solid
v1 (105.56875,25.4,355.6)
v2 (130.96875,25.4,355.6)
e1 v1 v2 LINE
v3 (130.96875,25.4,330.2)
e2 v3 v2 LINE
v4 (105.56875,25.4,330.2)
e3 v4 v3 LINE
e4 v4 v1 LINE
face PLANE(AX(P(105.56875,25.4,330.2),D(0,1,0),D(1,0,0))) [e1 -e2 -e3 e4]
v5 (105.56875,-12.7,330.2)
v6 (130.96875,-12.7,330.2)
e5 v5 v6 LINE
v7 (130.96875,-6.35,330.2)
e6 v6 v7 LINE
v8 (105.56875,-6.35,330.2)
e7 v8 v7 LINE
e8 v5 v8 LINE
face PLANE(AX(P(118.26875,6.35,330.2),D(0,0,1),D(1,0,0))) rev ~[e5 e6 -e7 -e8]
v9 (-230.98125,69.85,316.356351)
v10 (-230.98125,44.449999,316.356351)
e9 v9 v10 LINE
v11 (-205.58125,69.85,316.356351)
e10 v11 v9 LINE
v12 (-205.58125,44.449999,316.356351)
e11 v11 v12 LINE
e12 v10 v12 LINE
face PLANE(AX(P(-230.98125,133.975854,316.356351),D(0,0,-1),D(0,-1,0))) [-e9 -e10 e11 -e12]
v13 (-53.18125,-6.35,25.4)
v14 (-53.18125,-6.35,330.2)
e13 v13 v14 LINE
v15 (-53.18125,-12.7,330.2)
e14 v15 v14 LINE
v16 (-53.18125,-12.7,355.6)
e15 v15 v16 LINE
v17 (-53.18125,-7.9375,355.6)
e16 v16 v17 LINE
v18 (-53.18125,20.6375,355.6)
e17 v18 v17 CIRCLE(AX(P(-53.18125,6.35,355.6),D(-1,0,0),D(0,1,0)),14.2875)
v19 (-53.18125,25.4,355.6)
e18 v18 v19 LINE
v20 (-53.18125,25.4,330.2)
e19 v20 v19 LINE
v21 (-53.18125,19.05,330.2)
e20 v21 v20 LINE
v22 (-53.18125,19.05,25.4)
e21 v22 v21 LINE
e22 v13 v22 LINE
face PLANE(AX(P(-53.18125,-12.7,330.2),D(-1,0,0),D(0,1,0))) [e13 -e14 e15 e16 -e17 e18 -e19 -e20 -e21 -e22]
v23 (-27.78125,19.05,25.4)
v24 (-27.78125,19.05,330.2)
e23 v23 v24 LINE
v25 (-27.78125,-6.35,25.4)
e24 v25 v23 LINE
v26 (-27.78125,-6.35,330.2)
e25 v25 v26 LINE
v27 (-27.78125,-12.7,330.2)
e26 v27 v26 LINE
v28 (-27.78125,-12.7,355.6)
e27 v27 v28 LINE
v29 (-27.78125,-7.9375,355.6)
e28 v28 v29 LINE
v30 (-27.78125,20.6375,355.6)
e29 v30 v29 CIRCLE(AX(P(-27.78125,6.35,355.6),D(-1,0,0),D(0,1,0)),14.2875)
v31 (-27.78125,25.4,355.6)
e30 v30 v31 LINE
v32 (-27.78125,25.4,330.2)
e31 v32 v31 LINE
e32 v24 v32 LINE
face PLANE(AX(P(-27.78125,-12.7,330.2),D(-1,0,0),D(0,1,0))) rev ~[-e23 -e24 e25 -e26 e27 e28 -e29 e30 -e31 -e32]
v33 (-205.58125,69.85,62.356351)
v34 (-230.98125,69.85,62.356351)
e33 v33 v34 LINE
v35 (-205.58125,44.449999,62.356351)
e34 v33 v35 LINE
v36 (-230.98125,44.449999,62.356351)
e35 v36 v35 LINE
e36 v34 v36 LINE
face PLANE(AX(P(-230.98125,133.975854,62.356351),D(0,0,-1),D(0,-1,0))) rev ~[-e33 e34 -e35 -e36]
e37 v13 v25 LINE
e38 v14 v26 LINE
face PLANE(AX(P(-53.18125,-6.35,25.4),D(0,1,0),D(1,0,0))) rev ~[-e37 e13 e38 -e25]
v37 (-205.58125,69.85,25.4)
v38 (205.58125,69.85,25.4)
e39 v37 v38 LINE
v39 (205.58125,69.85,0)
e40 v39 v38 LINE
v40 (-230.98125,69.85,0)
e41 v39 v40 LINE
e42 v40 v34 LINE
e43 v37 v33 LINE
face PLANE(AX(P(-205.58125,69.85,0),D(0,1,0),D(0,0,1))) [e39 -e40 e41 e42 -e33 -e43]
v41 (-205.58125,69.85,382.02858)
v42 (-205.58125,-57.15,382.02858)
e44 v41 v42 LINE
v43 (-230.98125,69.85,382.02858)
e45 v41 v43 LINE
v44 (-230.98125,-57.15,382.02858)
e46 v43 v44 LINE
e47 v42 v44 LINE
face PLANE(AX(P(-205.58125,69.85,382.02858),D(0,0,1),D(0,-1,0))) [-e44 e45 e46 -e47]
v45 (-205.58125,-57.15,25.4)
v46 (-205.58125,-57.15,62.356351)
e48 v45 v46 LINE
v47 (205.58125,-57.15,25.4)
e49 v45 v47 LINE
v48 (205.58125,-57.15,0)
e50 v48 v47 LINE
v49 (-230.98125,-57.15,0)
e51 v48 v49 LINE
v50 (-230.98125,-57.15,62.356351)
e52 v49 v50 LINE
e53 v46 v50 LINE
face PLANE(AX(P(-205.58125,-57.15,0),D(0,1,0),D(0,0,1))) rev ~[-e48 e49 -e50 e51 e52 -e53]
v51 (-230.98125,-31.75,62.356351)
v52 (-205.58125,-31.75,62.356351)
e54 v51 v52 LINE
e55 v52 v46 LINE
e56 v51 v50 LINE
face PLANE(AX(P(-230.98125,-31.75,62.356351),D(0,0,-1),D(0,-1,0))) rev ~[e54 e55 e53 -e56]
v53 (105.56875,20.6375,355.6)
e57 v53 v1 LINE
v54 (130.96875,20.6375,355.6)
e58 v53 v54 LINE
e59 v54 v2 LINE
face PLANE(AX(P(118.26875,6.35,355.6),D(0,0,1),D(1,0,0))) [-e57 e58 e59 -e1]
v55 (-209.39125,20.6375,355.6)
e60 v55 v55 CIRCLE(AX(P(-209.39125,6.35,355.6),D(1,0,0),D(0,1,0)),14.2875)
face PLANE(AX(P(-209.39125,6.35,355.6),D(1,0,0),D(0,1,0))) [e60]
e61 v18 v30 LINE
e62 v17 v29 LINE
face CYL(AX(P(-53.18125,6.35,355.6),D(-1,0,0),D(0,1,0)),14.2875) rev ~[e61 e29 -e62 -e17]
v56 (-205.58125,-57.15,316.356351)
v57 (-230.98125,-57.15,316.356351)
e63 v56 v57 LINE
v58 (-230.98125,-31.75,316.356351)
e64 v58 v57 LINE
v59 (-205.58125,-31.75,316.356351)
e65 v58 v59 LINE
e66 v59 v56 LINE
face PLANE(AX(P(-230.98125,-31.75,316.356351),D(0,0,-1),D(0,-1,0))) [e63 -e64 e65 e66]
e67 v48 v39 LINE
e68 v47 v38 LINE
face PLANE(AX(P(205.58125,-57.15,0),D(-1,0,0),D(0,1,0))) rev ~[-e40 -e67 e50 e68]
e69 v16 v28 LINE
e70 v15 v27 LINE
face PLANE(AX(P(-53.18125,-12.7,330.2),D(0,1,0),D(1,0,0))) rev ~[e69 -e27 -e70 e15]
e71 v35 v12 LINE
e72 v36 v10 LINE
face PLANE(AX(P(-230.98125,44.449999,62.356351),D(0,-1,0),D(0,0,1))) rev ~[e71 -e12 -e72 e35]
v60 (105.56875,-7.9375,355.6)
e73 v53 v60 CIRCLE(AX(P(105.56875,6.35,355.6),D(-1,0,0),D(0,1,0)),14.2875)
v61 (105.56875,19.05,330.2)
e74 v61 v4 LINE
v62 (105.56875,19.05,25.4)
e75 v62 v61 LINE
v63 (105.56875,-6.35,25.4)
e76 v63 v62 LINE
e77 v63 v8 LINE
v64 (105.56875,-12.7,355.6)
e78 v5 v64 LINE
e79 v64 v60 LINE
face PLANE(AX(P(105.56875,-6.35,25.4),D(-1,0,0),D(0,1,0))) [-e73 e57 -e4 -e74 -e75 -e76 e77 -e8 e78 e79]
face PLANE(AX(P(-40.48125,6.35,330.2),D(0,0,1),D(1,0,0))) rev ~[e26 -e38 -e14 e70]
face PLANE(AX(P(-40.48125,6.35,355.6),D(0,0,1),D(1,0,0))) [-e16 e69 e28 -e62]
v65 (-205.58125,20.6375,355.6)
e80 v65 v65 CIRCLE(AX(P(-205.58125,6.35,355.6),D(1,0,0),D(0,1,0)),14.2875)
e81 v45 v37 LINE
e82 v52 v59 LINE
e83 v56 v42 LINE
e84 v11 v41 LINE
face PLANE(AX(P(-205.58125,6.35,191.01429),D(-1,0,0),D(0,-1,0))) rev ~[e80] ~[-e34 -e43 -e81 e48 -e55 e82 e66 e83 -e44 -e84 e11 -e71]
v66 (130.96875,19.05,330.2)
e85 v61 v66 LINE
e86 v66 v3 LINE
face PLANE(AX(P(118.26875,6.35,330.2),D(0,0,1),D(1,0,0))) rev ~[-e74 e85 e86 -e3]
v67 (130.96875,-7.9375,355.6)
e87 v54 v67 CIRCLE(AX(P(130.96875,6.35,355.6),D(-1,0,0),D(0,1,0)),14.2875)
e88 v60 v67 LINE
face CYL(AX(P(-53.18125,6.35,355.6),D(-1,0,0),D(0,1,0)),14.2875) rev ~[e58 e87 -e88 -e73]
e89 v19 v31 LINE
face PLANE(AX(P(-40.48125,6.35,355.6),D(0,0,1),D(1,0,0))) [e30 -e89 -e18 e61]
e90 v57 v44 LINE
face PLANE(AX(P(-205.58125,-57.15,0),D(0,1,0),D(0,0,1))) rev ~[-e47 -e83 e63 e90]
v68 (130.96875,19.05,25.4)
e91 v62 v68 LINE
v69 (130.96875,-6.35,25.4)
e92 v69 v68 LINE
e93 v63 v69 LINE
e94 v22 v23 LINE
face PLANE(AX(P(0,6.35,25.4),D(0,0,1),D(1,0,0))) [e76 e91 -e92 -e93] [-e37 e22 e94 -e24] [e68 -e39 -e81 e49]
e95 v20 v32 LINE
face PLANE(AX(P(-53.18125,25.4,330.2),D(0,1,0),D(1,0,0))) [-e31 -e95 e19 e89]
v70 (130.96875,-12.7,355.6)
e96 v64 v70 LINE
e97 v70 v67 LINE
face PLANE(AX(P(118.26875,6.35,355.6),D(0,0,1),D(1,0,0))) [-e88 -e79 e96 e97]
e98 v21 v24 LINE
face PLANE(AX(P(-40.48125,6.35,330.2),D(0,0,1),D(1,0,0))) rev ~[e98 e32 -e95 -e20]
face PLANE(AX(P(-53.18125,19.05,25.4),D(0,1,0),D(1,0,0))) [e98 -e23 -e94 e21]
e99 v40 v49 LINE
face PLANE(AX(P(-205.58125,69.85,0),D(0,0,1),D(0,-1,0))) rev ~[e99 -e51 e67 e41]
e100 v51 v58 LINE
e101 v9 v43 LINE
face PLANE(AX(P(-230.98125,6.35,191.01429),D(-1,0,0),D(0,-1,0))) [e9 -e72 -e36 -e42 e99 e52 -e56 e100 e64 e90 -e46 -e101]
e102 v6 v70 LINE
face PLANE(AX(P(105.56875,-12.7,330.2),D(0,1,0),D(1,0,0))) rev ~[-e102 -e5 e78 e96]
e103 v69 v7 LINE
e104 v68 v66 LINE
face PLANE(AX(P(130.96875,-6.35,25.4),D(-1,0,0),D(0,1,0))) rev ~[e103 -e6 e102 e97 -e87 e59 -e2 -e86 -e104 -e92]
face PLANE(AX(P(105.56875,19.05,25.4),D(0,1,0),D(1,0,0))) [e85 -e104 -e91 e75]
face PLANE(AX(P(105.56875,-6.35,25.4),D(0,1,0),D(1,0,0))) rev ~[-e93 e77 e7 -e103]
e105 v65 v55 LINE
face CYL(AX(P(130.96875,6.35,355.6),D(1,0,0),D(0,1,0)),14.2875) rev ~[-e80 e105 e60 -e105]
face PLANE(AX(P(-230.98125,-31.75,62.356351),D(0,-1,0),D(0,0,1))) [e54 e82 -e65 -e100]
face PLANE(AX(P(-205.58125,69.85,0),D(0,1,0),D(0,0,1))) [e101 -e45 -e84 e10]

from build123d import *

# Parameters (mm, degrees)
F0_W      = 411.1625
F0_H      = 127
F1_DEPTH  = 25.4
F2_W      = 25.4
F2_H      = 25.4
F3_DEPTH  = 304.8
F4_W      = 25.4
F4_H      = 38.1
F5_DEPTH  = 25.4
F7_DEPTH  = 258.7635
F8_W      = 127
F8_H      = 382.02858
F9_DEPTH  = 25.4
F10_W     = 89.525855
F10_H     = 254
F11_DEPTH = 25.4
F12_R     = 14.2875
F13_DEPTH = 340.36


with BuildPart() as f1:
    # F0 (on Top) → F1 (new body)
    with BuildSketch(Plane.XY):
        with Locations((0, 6.35)):
            Rectangle(F0_W, F0_H)
    extrude(amount=F1_DEPTH)

    # F2 (on face) → F3 (join)
    with BuildSketch(Plane.XY.offset(25.4)):
        with Locations((-40.48125, 6.35)):
            Rectangle(F2_W, F2_H)
        with Locations((118.26875, 6.35)):
            Rectangle(F2_W, F2_H)
    extrude(amount=F3_DEPTH)

    # F4 (on face) → F5 (join)
    with BuildSketch(Plane.XY.offset(330.2)):
        with Locations((-40.48125, 6.35)):
            Rectangle(F4_W, F4_H)
        with Locations((118.26875, 6.35)):
            Rectangle(F4_W, F4_H)
    extrude(amount=F5_DEPTH)

    # F6 (on face) → F7 (cut, through all)
    with BuildSketch(Plane(origin=(-53.18125, 0, 0), x_dir=(0, -1, 0), z_dir=(-1, 0, 0))):
        with BuildLine():
            Line((7.9375, 355.6), (-20.6375, 355.6))
            ThreePointArc((-20.6375, 355.6), (-6.35, 341.3125), (7.9375, 355.6))
        make_face()
    extrude(amount=-F7_DEPTH, mode=Mode.SUBTRACT)

    # F8 (on face) → F9 (join)
    with BuildSketch(Plane(origin=(-205.58125, 0, 0), x_dir=(0, -1, 0), z_dir=(-1, 0, 0))):
        with Locations((-6.35, 191.01429)):
            Rectangle(F8_W, F8_H)
    extrude(amount=F9_DEPTH)

    # F10 (on face) → F11 (cut)
    with BuildSketch(Plane(origin=(-230.98125, 0, 0), x_dir=(0, -1, 0), z_dir=(-1, 0, 0))):
        with Locations((-89.212927, 189.356351)):
            Rectangle(F10_W, F10_H)
        with Locations((76.512927, 189.356351)):
            Rectangle(F10_W, F10_H)
    extrude(amount=-F11_DEPTH, mode=Mode.SUBTRACT)

    # F12 (on face) → F13 (cut)
    with BuildSketch(Plane.YZ.offset(130.96875)):
        with Locations((6.35, 355.6)):
            Circle(F12_R)
    extrude(amount=-F13_DEPTH, mode=Mode.SUBTRACT)


solid = f1.part
